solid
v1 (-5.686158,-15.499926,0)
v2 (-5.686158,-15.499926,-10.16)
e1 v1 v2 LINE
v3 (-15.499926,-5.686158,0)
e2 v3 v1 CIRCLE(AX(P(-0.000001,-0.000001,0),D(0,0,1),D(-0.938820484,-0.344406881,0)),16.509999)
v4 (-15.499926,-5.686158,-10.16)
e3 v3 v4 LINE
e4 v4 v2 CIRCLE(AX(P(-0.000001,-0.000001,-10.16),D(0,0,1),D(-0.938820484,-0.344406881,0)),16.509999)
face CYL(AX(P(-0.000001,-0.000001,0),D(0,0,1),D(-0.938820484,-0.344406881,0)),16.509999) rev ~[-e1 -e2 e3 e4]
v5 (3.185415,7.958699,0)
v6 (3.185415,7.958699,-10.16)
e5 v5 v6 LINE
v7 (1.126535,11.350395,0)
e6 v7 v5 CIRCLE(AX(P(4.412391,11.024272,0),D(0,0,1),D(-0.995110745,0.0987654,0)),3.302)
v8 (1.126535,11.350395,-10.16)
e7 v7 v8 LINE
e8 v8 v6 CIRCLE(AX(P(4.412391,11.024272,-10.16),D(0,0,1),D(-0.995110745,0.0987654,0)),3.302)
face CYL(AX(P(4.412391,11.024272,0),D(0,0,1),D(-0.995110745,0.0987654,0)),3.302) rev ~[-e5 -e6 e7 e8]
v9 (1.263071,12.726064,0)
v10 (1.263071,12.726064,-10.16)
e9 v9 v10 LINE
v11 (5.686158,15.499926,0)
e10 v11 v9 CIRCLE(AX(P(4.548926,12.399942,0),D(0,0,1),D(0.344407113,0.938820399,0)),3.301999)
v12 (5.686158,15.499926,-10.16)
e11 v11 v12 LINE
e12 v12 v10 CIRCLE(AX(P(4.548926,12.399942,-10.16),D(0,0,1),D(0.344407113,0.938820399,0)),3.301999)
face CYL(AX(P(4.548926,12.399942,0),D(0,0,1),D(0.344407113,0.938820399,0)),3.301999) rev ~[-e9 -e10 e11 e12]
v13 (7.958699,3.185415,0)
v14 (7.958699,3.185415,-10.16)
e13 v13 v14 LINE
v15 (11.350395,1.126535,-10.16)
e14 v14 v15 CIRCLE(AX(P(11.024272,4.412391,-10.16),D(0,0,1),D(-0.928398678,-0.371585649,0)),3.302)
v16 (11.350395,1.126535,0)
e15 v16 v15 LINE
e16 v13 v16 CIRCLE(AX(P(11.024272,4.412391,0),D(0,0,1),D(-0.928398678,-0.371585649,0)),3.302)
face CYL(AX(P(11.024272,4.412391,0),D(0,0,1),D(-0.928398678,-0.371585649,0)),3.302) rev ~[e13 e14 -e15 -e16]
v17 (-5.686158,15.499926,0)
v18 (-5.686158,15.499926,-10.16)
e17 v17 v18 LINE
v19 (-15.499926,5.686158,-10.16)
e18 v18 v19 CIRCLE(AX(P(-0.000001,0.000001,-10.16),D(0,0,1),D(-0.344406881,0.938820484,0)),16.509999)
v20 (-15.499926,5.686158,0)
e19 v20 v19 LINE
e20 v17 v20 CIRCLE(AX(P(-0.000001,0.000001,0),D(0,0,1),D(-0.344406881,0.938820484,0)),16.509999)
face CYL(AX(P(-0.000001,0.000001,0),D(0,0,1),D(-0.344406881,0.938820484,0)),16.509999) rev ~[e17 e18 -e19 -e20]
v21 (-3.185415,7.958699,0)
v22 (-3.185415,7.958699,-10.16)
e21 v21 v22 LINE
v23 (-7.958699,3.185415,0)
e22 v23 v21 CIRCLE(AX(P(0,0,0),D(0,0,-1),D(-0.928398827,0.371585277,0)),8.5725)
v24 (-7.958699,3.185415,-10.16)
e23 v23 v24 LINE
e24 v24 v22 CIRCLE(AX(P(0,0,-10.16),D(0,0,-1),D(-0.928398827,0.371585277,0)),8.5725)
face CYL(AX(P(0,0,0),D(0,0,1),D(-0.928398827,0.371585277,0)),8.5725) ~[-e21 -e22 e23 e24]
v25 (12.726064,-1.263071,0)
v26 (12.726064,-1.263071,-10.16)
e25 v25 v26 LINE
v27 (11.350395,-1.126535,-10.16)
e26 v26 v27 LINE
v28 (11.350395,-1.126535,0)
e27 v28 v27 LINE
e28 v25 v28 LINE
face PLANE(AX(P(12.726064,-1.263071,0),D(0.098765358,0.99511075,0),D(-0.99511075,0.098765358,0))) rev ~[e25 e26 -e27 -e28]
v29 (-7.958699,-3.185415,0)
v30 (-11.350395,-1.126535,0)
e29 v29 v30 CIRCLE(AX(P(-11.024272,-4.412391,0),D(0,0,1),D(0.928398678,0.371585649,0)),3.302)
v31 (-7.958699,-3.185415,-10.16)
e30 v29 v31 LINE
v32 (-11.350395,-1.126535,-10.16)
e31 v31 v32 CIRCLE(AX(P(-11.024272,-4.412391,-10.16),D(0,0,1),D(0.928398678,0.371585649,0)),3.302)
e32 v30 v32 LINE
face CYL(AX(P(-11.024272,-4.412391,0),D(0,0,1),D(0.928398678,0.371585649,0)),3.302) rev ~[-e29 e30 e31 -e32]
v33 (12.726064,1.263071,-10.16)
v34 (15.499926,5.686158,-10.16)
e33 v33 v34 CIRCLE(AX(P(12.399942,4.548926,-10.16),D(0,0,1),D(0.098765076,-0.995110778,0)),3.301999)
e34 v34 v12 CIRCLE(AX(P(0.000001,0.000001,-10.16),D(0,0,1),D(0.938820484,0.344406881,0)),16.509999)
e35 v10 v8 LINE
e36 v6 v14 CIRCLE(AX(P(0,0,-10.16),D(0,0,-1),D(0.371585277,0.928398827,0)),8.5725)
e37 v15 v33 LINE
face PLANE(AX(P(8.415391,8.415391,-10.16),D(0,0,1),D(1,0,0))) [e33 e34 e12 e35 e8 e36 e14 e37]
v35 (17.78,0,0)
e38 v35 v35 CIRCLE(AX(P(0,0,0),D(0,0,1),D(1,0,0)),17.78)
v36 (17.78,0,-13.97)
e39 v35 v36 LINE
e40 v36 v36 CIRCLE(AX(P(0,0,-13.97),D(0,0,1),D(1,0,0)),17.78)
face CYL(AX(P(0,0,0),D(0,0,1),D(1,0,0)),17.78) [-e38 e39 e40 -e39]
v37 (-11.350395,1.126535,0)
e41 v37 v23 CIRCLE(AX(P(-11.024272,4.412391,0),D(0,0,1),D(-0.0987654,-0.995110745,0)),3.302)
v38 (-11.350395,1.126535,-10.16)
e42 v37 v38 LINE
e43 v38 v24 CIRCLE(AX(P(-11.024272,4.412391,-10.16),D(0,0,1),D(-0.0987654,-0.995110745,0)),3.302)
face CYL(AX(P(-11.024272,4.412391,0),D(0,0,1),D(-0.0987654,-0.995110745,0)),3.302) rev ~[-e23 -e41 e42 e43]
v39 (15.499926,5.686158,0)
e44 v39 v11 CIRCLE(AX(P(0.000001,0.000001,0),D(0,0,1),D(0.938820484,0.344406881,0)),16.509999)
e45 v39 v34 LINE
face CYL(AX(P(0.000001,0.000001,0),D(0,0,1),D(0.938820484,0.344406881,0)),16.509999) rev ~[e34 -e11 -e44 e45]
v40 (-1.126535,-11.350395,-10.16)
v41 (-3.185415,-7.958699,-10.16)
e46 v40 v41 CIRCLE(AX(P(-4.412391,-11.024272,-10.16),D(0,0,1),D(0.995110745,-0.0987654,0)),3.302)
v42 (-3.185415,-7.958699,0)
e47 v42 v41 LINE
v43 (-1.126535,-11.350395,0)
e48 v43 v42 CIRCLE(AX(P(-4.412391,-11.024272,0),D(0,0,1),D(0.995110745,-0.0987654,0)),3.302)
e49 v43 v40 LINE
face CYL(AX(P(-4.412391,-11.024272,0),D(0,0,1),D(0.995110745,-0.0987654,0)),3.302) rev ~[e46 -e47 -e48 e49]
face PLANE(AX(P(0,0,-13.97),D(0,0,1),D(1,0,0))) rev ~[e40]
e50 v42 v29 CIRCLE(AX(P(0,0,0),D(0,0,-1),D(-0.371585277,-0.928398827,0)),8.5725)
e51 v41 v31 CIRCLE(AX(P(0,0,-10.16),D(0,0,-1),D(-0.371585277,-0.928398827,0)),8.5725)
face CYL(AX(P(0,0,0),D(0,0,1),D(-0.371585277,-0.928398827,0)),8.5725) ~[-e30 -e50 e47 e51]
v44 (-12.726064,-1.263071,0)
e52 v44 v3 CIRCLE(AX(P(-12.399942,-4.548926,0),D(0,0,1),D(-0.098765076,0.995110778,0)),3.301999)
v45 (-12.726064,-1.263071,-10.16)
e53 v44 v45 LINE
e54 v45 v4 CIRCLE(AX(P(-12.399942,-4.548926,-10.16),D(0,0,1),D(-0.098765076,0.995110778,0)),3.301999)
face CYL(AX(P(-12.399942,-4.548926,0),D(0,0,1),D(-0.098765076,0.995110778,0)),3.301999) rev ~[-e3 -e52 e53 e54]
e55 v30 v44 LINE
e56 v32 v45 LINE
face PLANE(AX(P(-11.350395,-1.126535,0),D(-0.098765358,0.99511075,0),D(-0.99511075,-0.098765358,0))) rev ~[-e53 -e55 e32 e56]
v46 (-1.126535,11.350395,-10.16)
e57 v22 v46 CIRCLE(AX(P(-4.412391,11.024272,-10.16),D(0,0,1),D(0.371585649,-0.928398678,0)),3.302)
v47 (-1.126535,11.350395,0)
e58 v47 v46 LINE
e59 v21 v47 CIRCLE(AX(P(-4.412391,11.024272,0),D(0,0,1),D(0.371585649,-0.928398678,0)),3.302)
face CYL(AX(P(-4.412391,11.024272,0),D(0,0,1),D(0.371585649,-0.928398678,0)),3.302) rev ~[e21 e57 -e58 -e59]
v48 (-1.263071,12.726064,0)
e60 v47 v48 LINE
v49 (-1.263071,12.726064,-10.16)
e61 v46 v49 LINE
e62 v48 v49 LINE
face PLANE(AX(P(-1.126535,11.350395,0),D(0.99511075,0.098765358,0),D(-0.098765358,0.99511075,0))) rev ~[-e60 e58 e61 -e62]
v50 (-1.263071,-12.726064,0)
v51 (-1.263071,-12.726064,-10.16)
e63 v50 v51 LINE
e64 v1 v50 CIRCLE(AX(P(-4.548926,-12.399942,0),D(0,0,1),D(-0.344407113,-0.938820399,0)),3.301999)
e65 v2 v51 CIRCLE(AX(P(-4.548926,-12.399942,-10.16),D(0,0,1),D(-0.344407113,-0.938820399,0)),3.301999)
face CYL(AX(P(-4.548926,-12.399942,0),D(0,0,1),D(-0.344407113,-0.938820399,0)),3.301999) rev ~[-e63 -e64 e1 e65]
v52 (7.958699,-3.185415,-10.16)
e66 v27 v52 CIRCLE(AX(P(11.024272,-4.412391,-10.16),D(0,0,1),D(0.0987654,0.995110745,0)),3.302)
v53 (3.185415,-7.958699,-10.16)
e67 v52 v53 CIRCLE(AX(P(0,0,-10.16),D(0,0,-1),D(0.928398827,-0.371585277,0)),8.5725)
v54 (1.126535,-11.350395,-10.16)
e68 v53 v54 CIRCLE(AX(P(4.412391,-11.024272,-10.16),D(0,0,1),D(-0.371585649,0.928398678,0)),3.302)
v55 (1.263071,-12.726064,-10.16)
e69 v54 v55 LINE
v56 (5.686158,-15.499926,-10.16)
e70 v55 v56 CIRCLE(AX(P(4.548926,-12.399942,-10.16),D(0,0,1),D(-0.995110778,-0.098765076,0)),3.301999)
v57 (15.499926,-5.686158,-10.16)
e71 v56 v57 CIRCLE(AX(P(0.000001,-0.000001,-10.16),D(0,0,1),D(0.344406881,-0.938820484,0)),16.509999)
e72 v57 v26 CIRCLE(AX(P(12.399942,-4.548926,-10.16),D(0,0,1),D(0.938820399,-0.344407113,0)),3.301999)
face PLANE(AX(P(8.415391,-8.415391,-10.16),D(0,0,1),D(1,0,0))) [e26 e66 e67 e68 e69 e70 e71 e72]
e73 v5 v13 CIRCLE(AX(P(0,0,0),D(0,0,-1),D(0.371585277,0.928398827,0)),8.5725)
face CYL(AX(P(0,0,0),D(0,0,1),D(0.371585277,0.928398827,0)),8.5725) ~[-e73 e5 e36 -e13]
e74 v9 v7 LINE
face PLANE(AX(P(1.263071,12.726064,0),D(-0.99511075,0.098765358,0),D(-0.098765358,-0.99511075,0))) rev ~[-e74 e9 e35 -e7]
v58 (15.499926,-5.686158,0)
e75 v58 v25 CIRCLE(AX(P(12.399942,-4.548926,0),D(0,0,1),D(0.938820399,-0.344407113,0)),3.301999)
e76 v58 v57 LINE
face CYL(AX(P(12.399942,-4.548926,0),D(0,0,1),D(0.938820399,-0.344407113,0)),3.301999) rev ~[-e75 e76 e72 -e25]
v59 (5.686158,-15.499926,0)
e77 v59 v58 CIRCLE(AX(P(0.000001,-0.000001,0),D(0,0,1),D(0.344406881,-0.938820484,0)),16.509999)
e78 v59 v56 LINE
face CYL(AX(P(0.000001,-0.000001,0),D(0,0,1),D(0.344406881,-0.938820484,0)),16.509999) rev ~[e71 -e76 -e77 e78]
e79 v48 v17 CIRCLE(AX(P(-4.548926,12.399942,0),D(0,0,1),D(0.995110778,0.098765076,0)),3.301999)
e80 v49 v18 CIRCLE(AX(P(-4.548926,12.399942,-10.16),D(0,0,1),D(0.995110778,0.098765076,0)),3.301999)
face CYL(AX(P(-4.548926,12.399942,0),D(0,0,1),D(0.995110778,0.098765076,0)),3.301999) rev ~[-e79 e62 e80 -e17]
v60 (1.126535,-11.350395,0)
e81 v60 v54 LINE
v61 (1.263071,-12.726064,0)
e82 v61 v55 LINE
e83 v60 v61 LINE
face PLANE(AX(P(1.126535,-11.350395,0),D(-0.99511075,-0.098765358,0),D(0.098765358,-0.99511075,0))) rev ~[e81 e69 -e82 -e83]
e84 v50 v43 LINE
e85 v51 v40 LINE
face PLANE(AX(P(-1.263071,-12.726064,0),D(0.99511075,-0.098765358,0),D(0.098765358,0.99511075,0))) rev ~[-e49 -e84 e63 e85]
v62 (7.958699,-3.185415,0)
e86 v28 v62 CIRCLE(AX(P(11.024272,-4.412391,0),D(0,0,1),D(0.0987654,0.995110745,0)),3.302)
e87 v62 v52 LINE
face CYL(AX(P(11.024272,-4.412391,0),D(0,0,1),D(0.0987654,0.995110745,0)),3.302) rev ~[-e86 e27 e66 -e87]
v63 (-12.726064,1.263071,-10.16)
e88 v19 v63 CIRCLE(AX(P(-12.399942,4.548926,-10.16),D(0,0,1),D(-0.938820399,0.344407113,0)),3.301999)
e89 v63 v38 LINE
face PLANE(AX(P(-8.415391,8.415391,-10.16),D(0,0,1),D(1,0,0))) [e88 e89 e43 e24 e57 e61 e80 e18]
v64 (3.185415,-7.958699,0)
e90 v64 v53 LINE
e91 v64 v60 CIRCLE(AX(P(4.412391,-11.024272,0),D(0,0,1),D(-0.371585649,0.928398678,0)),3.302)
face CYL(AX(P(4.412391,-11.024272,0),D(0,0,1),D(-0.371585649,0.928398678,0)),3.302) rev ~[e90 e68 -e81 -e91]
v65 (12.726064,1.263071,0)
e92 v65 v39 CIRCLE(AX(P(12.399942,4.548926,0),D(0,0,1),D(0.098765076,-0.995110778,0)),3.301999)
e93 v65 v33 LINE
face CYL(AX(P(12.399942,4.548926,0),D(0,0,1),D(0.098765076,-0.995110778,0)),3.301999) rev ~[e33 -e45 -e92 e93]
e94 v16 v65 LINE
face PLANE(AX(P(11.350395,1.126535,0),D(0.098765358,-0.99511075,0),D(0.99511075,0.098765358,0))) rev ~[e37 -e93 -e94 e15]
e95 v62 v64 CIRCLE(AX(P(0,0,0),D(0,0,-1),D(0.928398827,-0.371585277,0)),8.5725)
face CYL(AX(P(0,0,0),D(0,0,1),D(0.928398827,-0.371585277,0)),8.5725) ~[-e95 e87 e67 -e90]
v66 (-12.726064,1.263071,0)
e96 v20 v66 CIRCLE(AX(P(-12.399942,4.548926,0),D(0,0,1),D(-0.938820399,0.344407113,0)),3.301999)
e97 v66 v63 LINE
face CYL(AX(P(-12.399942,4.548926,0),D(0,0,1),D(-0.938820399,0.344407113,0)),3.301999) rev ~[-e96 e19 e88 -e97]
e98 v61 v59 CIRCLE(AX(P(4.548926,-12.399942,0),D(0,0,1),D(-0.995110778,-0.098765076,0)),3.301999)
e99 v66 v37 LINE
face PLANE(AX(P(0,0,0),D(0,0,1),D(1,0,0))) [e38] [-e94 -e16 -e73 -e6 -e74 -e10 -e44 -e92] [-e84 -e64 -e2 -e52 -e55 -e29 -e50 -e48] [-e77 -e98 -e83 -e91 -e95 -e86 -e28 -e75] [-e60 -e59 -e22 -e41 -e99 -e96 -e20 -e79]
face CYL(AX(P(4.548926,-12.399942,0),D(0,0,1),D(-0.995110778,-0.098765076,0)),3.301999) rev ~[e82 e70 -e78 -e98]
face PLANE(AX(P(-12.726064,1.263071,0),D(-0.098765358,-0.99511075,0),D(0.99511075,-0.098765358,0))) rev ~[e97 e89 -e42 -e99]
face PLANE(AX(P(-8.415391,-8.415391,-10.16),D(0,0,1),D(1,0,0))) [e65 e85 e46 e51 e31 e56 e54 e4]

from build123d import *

# Parameters (mm, degrees)
F0_R     = 17.78
F0_R_2   = 7.3025
F1_DEPTH = 13.97
F2_DEPTH = 10.16


with BuildPart() as f1:
    # F0 (on Top) → F1 (new body)
    with BuildSketch(Plane.XY):
        Circle(F0_R)
        with BuildLine():
            ThreePointArc((-11.350395, -1.126535), (-9.310827, -1.589748), (-7.958699, -3.185415))
            ThreePointArc((-7.958699, -3.185415), (-6.061673, -6.061673), (-3.185415, -7.958699))
            ThreePointArc((-3.185415, -7.958699), (-1.589748, -9.310827), (-1.126535, -11.350395))
            Line((-1.126535, -11.350395), (-1.263071, -12.726064))
            ThreePointArc((-1.263071, -12.726064), (-2.794582, -15.197347), (-5.686158, -15.499926))
            ThreePointArc((-5.686158, -15.499926), (-11.674333, -11.674333), (-15.499926, -5.686158))
            ThreePointArc((-15.499926, -5.686158), (-15.197347, -2.794582), (-12.726064, -1.263071))
            Line((-12.726064, -1.263071), (-11.350395, -1.126535))
        make_face(mode=Mode.SUBTRACT)
        Circle(F0_R_2, mode=Mode.SUBTRACT)
        with BuildLine():
            ThreePointArc((7.958699, -3.185415), (9.310827, -1.589748), (11.350395, -1.126535))
            Line((11.350395, -1.126535), (12.726064, -1.263071))
            ThreePointArc((12.726064, -1.263071), (15.197347, -2.794582), (15.499926, -5.686158))
            ThreePointArc((15.499926, -5.686158), (11.674333, -11.674333), (5.686158, -15.499926))
            ThreePointArc((5.686158, -15.499926), (2.794582, -15.197347), (1.263071, -12.726064))
            Line((1.263071, -12.726064), (1.126535, -11.350395))
            ThreePointArc((1.126535, -11.350395), (1.589748, -9.310827), (3.185415, -7.958699))
            ThreePointArc((3.185415, -7.958699), (6.061673, -6.061673), (7.958699, -3.185415))
        make_face(mode=Mode.SUBTRACT)
        with BuildLine():
            ThreePointArc((-7.958699, 3.185415), (-9.310827, 1.589748), (-11.350395, 1.126535))
            Line((-11.350395, 1.126535), (-12.726064, 1.263071))
            ThreePointArc((-12.726064, 1.263071), (-15.197347, 2.794582), (-15.499926, 5.686158))
            ThreePointArc((-15.499926, 5.686158), (-11.674333, 11.674333), (-5.686158, 15.499926))
            ThreePointArc((-5.686158, 15.499926), (-2.794582, 15.197347), (-1.263071, 12.726064))
            Line((-1.263071, 12.726064), (-1.126535, 11.350395))
            ThreePointArc((-1.126535, 11.350395), (-1.589748, 9.310827), (-3.185415, 7.958699))
            ThreePointArc((-3.185415, 7.958699), (-6.061673, 6.061673), (-7.958699, 3.185415))
        make_face(mode=Mode.SUBTRACT)
        with BuildLine():
            Line((12.726064, 1.263071), (11.350395, 1.126535))
            ThreePointArc((11.350395, 1.126535), (9.310827, 1.589748), (7.958699, 3.185415))
            ThreePointArc((7.958699, 3.185415), (6.061673, 6.061673), (3.185415, 7.958699))
            ThreePointArc((3.185415, 7.958699), (1.589748, 9.310827), (1.126535, 11.350395))
            Line((1.126535, 11.350395), (1.263071, 12.726064))
            ThreePointArc((1.263071, 12.726064), (2.794582, 15.197347), (5.686158, 15.499926))
            ThreePointArc((5.686158, 15.499926), (11.674333, 11.674333), (15.499926, 5.686158))
            ThreePointArc((15.499926, 5.686158), (15.197347, 2.794582), (12.726064, 1.263071))
        make_face(mode=Mode.SUBTRACT)
        with BuildLine():
            ThreePointArc((-3.185415, -7.958699), (-6.061673, -6.061673), (-7.958699, -3.185415))
            ThreePointArc((-7.958699, -3.185415), (-9.310827, -1.589748), (-11.350395, -1.126535))
            Line((-11.350395, -1.126535), (-12.726064, -1.263071))
            ThreePointArc((-12.726064, -1.263071), (-15.197347, -2.794582), (-15.499926, -5.686158))
            ThreePointArc((-15.499926, -5.686158), (-11.674333, -11.674333), (-5.686158, -15.499926))
            ThreePointArc((-5.686158, -15.499926), (-2.794582, -15.197347), (-1.263071, -12.726064))
            Line((-1.263071, -12.726064), (-1.126535, -11.350395))
            ThreePointArc((-1.126535, -11.350395), (-1.589748, -9.310827), (-3.185415, -7.958699))
        make_face()
        Circle(F0_R_2)
        with BuildLine():
            Line((-12.726064, 1.263071), (-11.350395, 1.126535))
            ThreePointArc((-11.350395, 1.126535), (-9.310827, 1.589748), (-7.958699, 3.185415))
            ThreePointArc((-7.958699, 3.185415), (-6.061673, 6.061673), (-3.185415, 7.958699))
            ThreePointArc((-3.185415, 7.958699), (-1.589748, 9.310827), (-1.126535, 11.350395))
            Line((-1.126535, 11.350395), (-1.263071, 12.726064))
            ThreePointArc((-1.263071, 12.726064), (-2.794582, 15.197347), (-5.686158, 15.499926))
            ThreePointArc((-5.686158, 15.499926), (-11.674333, 11.674333), (-15.499926, 5.686158))
            ThreePointArc((-15.499926, 5.686158), (-15.197347, 2.794582), (-12.726064, 1.263071))
        make_face()
        with BuildLine():
            ThreePointArc((7.958699, 3.185415), (9.310827, 1.589748), (11.350395, 1.126535))
            Line((11.350395, 1.126535), (12.726064, 1.263071))
            ThreePointArc((12.726064, 1.263071), (15.197347, 2.794582), (15.499926, 5.686158))
            ThreePointArc((15.499926, 5.686158), (11.674333, 11.674333), (5.686158, 15.499926))
            ThreePointArc((5.686158, 15.499926), (2.794582, 15.197347), (1.263071, 12.726064))
            Line((1.263071, 12.726064), (1.126535, 11.350395))
            ThreePointArc((1.126535, 11.350395), (1.589748, 9.310827), (3.185415, 7.958699))
            ThreePointArc((3.185415, 7.958699), (6.061673, 6.061673), (7.958699, 3.185415))
        make_face()
        with BuildLine():
            Line((12.726064, -1.263071), (11.350395, -1.126535))
            ThreePointArc((11.350395, -1.126535), (9.310827, -1.589748), (7.958699, -3.185415))
            ThreePointArc((7.958699, -3.185415), (6.061673, -6.061673), (3.185415, -7.958699))
            ThreePointArc((3.185415, -7.958699), (1.589748, -9.310827), (1.126535, -11.350395))
            Line((1.126535, -11.350395), (1.263071, -12.726064))
            ThreePointArc((1.263071, -12.726064), (2.794582, -15.197347), (5.686158, -15.499926))
            ThreePointArc((5.686158, -15.499926), (11.674333, -11.674333), (15.499926, -5.686158))
            ThreePointArc((15.499926, -5.686158), (15.197347, -2.794582), (12.726064, -1.263071))
        make_face()
    extrude(amount=-F1_DEPTH)

    # F0 (on Top) → F2 (cut)
    with BuildSketch(Plane.XY):
        with BuildLine():
            ThreePointArc((-3.185415, -7.958699), (-6.061673, -6.061673), (-7.958699, -3.185415))
            ThreePointArc((-7.958699, -3.185415), (-9.310827, -1.589748), (-11.350395, -1.126535))
            Line((-11.350395, -1.126535), (-12.726064, -1.263071))
            ThreePointArc((-12.726064, -1.263071), (-15.197347, -2.794582), (-15.499926, -5.686158))
            ThreePointArc((-15.499926, -5.686158), (-11.674333, -11.674333), (-5.686158, -15.499926))
            ThreePointArc((-5.686158, -15.499926), (-2.794582, -15.197347), (-1.263071, -12.726064))
            Line((-1.263071, -12.726064), (-1.126535, -11.350395))
            ThreePointArc((-1.126535, -11.350395), (-1.589748, -9.310827), (-3.185415, -7.958699))
        make_face()
        with BuildLine():
            Line((-12.726064, 1.263071), (-11.350395, 1.126535))
            ThreePointArc((-11.350395, 1.126535), (-9.310827, 1.589748), (-7.958699, 3.185415))
            ThreePointArc((-7.958699, 3.185415), (-6.061673, 6.061673), (-3.185415, 7.958699))
            ThreePointArc((-3.185415, 7.958699), (-1.589748, 9.310827), (-1.126535, 11.350395))
            Line((-1.126535, 11.350395), (-1.263071, 12.726064))
            ThreePointArc((-1.263071, 12.726064), (-2.794582, 15.197347), (-5.686158, 15.499926))
            ThreePointArc((-5.686158, 15.499926), (-11.674333, 11.674333), (-15.499926, 5.686158))
            ThreePointArc((-15.499926, 5.686158), (-15.197347, 2.794582), (-12.726064, 1.263071))
        make_face()
        with BuildLine():
            ThreePointArc((7.958699, 3.185415), (9.310827, 1.589748), (11.350395, 1.126535))
            Line((11.350395, 1.126535), (12.726064, 1.263071))
            ThreePointArc((12.726064, 1.263071), (15.197347, 2.794582), (15.499926, 5.686158))
            ThreePointArc((15.499926, 5.686158), (11.674333, 11.674333), (5.686158, 15.499926))
            ThreePointArc((5.686158, 15.499926), (2.794582, 15.197347), (1.263071, 12.726064))
            Line((1.263071, 12.726064), (1.126535, 11.350395))
            ThreePointArc((1.126535, 11.350395), (1.589748, 9.310827), (3.185415, 7.958699))
            ThreePointArc((3.185415, 7.958699), (6.061673, 6.061673), (7.958699, 3.185415))
        make_face()
        with BuildLine():
            Line((12.726064, -1.263071), (11.350395, -1.126535))
            ThreePointArc((11.350395, -1.126535), (9.310827, -1.589748), (7.958699, -3.185415))
            ThreePointArc((7.958699, -3.185415), (6.061673, -6.061673), (3.185415, -7.958699))
            ThreePointArc((3.185415, -7.958699), (1.589748, -9.310827), (1.126535, -11.350395))
            Line((1.126535, -11.350395), (1.263071, -12.726064))
            ThreePointArc((1.263071, -12.726064), (2.794582, -15.197347), (5.686158, -15.499926))
            ThreePointArc((5.686158, -15.499926), (11.674333, -11.674333), (15.499926, -5.686158))
            ThreePointArc((15.499926, -5.686158), (15.197347, -2.794582), (12.726064, -1.263071))
        make_face()
    extrude(amount=-F2_DEPTH, mode=Mode.SUBTRACT)


solid = f1.part
